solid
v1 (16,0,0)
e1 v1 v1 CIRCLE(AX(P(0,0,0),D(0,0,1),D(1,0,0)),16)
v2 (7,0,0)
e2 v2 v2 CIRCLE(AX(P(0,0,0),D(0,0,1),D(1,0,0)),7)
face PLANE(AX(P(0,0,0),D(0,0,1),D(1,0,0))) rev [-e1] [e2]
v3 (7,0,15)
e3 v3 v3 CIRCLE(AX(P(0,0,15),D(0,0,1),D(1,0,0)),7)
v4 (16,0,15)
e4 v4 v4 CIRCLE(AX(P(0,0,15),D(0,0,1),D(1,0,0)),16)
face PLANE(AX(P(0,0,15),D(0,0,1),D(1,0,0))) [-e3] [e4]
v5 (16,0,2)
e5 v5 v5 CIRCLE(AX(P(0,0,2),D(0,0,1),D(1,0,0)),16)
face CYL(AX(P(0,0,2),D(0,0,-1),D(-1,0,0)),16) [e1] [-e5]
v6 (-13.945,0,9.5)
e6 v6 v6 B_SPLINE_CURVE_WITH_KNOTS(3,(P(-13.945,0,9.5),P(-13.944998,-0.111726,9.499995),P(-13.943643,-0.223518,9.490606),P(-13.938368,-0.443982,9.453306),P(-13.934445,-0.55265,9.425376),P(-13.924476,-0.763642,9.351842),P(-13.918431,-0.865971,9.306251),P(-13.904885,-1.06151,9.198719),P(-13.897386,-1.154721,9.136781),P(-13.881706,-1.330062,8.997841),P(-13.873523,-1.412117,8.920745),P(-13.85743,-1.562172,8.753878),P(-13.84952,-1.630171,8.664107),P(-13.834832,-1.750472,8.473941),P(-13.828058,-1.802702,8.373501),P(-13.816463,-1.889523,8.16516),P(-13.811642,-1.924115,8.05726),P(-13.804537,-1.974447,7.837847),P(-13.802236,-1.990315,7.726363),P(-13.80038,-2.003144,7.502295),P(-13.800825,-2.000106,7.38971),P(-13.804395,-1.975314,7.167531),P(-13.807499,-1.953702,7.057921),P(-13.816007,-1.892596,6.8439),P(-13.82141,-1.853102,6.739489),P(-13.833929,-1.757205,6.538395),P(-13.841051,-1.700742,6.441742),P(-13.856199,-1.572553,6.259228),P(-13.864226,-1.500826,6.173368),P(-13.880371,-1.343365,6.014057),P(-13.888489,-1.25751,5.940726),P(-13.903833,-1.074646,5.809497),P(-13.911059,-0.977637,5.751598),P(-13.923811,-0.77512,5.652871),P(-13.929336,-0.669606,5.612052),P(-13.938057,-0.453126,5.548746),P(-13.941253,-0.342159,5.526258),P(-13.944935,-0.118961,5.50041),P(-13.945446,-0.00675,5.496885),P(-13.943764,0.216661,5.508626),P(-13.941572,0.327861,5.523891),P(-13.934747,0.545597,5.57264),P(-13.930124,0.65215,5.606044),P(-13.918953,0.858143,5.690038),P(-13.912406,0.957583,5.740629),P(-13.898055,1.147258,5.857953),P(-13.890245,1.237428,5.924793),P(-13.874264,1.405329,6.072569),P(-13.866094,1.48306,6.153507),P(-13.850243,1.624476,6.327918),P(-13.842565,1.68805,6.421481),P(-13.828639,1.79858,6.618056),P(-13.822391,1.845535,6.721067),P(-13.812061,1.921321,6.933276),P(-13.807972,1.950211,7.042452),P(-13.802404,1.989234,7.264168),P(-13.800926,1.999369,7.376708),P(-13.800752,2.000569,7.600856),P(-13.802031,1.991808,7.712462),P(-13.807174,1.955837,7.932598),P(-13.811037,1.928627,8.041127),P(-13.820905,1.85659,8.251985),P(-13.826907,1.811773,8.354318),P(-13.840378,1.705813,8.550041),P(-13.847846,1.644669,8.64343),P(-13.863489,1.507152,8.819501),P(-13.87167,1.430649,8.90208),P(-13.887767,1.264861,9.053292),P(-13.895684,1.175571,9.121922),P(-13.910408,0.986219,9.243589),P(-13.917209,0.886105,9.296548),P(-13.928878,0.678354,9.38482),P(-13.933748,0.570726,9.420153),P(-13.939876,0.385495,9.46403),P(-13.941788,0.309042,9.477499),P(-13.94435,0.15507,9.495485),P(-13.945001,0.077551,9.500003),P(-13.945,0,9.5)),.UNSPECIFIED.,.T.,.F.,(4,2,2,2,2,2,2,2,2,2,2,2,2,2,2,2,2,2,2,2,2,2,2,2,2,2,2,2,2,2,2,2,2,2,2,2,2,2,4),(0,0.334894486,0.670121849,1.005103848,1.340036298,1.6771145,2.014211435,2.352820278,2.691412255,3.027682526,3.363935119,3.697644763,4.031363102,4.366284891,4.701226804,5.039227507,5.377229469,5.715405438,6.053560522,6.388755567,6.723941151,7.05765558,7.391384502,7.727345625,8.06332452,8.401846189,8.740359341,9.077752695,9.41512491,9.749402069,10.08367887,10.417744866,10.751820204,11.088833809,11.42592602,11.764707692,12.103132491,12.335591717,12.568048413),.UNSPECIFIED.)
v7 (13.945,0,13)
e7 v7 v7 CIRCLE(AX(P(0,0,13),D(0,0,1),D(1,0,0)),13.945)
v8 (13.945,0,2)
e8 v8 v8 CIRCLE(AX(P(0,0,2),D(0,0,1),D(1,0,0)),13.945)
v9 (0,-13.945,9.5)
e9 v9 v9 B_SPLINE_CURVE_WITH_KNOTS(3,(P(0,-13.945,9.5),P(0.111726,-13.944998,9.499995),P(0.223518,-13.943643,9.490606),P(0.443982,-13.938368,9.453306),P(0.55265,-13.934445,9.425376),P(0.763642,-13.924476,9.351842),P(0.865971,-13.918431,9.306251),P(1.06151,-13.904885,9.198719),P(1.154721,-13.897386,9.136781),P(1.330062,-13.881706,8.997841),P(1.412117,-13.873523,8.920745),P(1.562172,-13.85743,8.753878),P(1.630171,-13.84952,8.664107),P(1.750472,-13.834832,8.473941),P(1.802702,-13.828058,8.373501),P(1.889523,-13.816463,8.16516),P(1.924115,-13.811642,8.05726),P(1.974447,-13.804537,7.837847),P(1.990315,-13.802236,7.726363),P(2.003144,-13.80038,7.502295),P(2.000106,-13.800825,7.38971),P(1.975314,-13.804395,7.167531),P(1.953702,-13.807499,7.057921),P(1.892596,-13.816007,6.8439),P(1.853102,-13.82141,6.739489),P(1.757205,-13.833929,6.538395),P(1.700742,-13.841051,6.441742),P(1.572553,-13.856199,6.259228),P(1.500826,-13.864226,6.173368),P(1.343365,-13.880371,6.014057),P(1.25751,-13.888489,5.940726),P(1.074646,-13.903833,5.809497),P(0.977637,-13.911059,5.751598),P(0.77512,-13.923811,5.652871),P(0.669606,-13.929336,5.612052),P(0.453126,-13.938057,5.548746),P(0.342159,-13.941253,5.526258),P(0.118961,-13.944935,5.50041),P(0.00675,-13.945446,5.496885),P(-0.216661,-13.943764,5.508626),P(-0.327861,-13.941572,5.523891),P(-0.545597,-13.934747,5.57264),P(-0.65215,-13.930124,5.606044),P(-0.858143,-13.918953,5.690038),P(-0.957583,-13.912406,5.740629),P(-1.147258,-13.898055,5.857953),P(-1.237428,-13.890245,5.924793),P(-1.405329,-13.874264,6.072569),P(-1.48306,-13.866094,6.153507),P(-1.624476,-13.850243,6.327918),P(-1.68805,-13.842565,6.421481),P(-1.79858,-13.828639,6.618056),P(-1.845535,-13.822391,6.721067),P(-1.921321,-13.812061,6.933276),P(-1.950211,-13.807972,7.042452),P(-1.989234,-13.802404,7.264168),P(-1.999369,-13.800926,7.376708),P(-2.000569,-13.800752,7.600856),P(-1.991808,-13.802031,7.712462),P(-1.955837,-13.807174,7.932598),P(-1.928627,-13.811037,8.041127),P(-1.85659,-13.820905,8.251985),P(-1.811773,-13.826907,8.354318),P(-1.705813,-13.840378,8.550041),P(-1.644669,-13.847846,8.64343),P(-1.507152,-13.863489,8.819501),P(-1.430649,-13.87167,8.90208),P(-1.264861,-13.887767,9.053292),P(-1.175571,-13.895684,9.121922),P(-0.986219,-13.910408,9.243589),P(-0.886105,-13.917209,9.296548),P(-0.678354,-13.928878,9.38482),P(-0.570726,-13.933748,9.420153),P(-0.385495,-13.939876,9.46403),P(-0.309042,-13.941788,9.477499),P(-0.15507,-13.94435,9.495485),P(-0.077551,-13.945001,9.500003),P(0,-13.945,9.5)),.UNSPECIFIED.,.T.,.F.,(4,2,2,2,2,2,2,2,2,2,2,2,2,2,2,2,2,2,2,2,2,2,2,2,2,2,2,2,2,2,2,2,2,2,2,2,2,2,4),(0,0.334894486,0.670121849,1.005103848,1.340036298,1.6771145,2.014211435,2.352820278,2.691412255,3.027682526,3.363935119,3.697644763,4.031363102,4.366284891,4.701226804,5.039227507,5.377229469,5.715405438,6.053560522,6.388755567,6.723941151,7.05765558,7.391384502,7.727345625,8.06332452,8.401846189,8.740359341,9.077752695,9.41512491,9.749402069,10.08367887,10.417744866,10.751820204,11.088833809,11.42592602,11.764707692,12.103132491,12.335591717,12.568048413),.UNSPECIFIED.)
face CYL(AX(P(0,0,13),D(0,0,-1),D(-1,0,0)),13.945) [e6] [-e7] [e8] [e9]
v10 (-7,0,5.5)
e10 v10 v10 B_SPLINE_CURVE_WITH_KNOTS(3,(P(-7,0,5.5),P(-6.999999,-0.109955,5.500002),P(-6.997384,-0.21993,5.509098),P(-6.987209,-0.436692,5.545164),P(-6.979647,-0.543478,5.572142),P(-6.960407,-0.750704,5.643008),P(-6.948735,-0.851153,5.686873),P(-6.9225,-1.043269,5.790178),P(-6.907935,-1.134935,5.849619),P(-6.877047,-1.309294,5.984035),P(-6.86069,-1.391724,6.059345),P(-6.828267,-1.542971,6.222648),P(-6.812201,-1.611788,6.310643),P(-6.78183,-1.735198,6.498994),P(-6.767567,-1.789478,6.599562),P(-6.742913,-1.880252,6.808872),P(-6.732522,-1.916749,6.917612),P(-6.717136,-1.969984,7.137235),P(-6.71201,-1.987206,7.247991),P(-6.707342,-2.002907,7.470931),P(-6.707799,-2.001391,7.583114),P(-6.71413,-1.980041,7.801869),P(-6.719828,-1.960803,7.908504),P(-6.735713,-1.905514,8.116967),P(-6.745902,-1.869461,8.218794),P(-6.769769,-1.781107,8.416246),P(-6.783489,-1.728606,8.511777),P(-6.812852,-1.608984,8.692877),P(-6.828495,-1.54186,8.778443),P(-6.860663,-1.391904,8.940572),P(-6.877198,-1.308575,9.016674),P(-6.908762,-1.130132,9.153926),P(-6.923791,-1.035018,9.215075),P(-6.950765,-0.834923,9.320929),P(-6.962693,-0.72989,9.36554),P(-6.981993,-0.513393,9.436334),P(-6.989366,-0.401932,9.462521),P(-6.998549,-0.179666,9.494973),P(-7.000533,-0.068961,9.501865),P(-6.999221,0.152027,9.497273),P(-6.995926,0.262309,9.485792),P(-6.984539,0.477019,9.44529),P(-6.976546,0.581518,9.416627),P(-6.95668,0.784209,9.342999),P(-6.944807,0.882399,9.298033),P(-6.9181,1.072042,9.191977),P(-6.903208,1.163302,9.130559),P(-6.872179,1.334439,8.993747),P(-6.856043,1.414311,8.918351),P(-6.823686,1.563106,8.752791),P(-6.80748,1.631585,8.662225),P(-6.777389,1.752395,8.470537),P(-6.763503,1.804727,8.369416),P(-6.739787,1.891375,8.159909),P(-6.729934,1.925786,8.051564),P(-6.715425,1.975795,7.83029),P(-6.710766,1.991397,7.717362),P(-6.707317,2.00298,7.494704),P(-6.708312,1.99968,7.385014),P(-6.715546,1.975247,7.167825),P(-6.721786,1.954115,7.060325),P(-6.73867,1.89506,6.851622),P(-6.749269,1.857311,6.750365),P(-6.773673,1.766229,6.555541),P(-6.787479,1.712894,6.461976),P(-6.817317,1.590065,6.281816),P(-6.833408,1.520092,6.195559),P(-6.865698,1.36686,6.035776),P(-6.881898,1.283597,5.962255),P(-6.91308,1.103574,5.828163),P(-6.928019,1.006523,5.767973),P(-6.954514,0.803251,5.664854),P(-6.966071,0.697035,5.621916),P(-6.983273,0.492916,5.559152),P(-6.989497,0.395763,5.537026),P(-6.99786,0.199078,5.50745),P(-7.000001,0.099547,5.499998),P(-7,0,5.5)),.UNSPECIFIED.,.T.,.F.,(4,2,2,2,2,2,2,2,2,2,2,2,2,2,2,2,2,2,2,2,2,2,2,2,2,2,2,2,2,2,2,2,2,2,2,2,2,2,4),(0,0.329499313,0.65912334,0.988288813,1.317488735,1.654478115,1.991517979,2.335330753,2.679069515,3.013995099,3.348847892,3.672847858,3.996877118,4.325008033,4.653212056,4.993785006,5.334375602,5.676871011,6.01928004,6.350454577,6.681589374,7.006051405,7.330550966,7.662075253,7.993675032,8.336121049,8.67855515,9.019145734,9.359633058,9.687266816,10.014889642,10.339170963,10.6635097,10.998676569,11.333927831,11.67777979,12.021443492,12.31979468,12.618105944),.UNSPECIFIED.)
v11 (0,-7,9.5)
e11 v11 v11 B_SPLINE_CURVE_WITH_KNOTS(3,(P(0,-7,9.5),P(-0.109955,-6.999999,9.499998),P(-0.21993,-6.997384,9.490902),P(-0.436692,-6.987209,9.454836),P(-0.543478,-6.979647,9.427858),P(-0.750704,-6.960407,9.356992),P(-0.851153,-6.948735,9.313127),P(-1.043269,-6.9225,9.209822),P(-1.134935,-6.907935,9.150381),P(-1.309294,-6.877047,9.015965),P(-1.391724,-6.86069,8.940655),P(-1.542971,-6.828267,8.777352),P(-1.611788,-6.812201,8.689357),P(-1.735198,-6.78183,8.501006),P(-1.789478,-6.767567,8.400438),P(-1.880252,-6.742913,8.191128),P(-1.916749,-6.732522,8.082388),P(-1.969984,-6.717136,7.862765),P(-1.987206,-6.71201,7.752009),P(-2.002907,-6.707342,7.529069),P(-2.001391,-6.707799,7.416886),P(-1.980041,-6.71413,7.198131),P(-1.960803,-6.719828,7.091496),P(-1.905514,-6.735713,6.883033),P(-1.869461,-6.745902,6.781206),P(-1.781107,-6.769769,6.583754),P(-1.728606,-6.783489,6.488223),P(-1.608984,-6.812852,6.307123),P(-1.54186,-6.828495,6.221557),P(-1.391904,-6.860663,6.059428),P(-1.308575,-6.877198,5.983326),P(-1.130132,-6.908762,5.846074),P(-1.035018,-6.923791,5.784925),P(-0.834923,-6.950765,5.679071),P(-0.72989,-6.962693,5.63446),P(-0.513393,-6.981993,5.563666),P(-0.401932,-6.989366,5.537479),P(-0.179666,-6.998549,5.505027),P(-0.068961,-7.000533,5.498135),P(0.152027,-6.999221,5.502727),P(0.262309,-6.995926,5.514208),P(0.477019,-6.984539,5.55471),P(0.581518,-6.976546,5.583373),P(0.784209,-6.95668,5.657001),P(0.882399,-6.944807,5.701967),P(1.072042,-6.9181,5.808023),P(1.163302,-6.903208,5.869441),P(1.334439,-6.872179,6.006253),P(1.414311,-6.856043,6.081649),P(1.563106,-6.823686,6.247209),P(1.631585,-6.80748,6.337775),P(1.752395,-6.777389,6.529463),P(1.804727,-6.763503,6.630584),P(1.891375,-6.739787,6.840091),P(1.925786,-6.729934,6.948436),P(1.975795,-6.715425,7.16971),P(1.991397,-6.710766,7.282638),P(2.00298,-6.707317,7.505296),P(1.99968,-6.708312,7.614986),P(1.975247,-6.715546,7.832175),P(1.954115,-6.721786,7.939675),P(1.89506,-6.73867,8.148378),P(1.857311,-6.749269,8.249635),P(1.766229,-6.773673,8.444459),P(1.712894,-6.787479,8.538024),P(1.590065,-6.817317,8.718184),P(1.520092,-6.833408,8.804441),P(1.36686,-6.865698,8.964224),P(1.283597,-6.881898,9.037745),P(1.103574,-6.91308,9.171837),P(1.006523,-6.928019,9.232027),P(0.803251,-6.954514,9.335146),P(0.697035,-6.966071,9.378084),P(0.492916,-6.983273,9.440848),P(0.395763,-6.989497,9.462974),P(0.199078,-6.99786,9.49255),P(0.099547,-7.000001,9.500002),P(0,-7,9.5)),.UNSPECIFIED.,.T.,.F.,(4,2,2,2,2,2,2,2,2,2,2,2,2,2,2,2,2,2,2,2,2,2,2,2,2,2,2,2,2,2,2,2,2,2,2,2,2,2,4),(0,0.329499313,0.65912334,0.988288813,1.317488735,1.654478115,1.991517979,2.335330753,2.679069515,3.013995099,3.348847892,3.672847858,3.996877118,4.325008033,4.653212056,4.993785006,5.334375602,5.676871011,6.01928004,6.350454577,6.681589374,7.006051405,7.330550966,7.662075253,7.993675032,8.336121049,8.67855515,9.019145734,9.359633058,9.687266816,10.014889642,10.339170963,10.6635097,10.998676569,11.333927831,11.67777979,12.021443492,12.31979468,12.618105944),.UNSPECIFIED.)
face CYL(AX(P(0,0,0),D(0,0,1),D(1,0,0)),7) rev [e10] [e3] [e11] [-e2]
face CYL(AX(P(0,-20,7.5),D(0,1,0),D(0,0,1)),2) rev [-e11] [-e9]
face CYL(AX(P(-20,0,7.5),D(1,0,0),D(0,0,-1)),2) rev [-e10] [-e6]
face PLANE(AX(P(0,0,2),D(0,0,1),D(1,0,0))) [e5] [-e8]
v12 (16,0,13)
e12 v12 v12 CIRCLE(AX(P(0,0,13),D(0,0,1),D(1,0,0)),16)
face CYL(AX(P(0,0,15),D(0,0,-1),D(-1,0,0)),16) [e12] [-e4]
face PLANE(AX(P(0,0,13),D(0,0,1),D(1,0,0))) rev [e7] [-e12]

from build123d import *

# Parameters (mm, degrees)
SKETCH_1_R          = 16
EXTRUDE_1_DEPTH     = 2
SKETCH_2_R          = 13.945
EXTRUDE_2_DEPTH     = 11
SKETCH_3_R          = 16
EXTRUDE_3_DEPTH     = 2
SKETCH_4_R          = 7
CUT_EXTRUDE_1_DEPTH = 15
SKETCH_5_R          = 2
CUT_EXTRUDE_2_DEPTH = 20
SKETCH_8_R          = 2
CUT_EXTRUDE_3_DEPTH = 20


with BuildPart() as part:
    # 草图1 → 凸台-拉伸1 (new body)
    with BuildSketch(Plane.XY):
        Circle(SKETCH_1_R)
    extrude(amount=EXTRUDE_1_DEPTH)

    # 草图2 → 凸台-拉伸2 (add)
    with BuildSketch(Plane.XY.offset(2)):
        Circle(SKETCH_2_R)
    extrude(amount=EXTRUDE_2_DEPTH)

    # 草图3 → 凸台-拉伸3 (add)
    with BuildSketch(Plane.XY.offset(13)):
        Circle(SKETCH_3_R)
    extrude(amount=EXTRUDE_3_DEPTH)

    # 草图4 → 切除-拉伸1 (cut)
    with BuildSketch(Plane.XY.offset(15)):
        Circle(SKETCH_4_R)
    extrude(amount=-CUT_EXTRUDE_1_DEPTH, mode=Mode.SUBTRACT)

    # 草图5 → 切除-拉伸2 (cut)
    with BuildSketch(Plane(origin=(0, 0, 0), x_dir=(1, 0, 0), z_dir=(0, 1, 0))):
        with Locations(Location((0, -7.5, 0), (0, 0, 270))):
            Circle(SKETCH_5_R)
    extrude(amount=-CUT_EXTRUDE_2_DEPTH, mode=Mode.SUBTRACT)

    # 草图8 → 切除-拉伸3 (cut)
    with BuildSketch(Plane(origin=(0, 0, 0), x_dir=(0, 0, -1), z_dir=(1, 0, 0))):
        with Locations((-7.5, 0)):
            Circle(SKETCH_8_R)
    extrude(amount=-CUT_EXTRUDE_3_DEPTH, mode=Mode.SUBTRACT)


solid = part.part
